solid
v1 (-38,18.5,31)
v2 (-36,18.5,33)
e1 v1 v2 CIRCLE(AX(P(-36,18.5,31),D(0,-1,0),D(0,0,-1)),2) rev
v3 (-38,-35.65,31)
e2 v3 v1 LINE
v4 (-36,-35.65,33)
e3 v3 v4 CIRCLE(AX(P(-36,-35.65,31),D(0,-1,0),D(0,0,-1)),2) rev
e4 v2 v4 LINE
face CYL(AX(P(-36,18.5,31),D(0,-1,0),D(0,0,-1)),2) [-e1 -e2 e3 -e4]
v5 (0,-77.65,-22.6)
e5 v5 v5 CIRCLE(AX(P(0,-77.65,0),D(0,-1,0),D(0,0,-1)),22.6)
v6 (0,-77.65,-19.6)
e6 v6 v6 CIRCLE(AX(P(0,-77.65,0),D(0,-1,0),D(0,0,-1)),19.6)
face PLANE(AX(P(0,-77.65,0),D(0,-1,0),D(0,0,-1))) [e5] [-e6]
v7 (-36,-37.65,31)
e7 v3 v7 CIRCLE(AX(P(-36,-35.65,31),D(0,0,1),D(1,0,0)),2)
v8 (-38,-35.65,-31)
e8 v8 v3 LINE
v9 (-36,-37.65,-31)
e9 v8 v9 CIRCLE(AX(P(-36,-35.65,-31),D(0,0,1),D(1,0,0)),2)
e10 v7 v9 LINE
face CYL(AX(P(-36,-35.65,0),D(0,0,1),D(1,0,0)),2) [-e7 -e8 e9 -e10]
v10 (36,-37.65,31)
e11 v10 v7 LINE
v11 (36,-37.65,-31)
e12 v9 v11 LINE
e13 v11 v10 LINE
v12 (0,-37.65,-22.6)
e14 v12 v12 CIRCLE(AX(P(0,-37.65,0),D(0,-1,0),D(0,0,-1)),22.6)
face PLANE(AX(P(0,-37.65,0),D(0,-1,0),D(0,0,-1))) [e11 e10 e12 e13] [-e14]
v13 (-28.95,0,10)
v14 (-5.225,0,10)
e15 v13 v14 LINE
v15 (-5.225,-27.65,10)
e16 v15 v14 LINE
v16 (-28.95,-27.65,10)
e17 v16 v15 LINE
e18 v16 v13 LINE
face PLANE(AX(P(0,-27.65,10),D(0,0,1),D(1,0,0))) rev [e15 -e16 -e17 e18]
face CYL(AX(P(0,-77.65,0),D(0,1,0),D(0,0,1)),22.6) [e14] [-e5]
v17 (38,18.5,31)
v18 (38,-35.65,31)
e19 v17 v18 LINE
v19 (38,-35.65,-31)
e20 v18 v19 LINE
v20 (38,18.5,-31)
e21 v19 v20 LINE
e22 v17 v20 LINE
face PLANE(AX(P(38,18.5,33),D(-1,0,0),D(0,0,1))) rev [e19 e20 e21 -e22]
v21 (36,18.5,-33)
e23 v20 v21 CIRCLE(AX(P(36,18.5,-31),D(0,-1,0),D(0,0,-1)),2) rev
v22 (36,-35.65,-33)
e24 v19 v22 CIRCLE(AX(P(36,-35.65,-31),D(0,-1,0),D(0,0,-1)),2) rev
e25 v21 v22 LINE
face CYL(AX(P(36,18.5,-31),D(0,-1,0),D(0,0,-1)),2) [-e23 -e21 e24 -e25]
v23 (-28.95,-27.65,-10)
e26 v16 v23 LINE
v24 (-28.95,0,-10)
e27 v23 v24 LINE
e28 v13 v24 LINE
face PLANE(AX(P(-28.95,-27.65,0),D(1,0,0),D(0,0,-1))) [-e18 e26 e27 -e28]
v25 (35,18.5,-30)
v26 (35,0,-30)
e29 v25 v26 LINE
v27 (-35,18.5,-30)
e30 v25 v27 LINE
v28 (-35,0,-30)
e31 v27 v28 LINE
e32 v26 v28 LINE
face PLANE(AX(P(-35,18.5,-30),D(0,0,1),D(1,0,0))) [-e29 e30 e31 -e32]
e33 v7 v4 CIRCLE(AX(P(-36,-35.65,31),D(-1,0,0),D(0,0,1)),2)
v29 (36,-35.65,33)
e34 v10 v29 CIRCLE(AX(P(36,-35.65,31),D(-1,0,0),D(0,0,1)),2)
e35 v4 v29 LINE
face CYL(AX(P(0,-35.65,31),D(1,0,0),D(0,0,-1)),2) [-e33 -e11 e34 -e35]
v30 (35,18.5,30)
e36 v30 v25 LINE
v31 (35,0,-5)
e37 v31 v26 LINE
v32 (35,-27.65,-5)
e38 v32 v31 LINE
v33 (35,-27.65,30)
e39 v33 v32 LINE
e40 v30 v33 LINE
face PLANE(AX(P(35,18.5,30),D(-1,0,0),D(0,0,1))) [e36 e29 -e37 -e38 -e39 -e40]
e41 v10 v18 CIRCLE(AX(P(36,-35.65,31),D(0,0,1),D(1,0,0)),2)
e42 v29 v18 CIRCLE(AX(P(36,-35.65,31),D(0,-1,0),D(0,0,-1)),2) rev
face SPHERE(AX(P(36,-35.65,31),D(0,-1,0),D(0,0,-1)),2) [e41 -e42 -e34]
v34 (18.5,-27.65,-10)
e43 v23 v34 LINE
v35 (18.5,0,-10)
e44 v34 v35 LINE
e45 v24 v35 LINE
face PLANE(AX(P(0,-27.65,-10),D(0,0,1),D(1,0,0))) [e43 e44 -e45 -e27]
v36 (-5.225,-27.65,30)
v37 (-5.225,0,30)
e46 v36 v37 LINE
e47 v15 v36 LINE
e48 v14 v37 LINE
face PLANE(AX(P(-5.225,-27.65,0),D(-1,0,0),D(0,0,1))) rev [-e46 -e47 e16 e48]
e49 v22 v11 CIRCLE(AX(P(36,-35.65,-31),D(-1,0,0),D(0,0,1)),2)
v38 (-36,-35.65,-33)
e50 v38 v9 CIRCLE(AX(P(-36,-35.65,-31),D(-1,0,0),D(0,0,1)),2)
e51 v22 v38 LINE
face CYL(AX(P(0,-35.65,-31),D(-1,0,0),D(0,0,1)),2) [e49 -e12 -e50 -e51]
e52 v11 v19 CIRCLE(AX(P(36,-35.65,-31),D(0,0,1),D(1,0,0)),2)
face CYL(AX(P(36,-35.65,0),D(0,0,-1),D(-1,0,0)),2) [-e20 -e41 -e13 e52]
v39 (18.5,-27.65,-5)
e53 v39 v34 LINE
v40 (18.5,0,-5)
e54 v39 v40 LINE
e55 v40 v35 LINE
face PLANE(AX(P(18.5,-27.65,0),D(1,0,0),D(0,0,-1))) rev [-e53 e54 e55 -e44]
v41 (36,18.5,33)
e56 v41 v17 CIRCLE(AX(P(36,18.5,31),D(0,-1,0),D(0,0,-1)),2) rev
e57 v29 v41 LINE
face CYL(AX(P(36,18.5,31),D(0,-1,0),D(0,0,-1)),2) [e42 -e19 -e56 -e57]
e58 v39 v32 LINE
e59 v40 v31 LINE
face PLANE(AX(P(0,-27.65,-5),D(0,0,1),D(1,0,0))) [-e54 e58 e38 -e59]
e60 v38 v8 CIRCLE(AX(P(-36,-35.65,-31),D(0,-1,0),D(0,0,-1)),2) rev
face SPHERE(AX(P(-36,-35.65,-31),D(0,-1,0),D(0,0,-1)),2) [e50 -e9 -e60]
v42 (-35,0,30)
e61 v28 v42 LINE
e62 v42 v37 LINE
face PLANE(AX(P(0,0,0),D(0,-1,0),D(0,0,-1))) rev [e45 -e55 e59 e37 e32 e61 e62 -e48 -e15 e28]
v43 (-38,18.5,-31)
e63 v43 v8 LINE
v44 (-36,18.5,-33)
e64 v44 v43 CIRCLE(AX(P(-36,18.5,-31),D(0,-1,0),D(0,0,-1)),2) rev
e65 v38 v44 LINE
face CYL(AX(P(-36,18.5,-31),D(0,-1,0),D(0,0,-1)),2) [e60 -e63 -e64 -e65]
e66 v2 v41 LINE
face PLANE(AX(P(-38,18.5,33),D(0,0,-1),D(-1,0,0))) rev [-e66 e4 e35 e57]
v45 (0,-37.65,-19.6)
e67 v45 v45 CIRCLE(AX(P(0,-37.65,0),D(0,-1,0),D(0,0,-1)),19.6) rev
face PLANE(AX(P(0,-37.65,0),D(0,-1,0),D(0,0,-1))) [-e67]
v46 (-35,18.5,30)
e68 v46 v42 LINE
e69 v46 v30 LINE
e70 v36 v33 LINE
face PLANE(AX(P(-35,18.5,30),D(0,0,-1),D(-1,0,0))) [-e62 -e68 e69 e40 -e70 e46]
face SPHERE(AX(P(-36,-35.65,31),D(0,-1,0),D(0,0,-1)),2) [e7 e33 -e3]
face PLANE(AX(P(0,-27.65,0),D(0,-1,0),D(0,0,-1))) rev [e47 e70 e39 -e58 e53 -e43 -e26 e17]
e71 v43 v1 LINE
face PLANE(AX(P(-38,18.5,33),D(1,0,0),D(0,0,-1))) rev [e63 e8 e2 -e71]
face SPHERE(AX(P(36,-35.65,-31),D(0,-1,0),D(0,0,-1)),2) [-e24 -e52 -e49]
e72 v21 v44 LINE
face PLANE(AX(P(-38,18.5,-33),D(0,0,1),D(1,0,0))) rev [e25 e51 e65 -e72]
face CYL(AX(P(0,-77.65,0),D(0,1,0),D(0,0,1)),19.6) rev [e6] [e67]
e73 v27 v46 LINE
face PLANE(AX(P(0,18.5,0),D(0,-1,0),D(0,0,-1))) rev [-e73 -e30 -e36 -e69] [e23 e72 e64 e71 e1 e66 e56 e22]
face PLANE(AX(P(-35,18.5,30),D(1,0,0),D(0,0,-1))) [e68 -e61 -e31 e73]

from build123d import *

# Parameters (mm, degrees)
SKETCH1_W           = 76
SKETCH1_H           = 66
SKETCH1_W_2         = 70
SKETCH1_H_2         = 60
BOSS_EXTRUDE1_DEPTH = 18.5
SKETCH2_W           = 76
SKETCH2_H           = 66
SKETCH2_W_2         = 70
SKETCH2_H_2         = 60
BOSS_EXTRUDE2_DEPTH = 27.65
SKETCH4_W           = 76
SKETCH4_H           = 66
BOSS_EXTRUDE3_DEPTH = 10
SKETCH5_R           = 22.6
SKETCH5_R_2         = 19.6
BOSS_EXTRUDE4_DEPTH = 40
FILLET1_R           = 2
FILLET2_R           = 2


with BuildPart() as part:
    # Sketch1 → Boss-Extrude1 (new body)
    with BuildSketch(Plane(origin=(0, 0, 0), x_dir=(1, 0, 0), z_dir=(0, 1, 0))):
        Rectangle(SKETCH1_W, SKETCH1_H)
        Rectangle(SKETCH1_W_2, SKETCH1_H_2, mode=Mode.SUBTRACT)
    extrude(amount=BOSS_EXTRUDE1_DEPTH)

    # Sketch2 → Boss-Extrude2 (add)
    # profile 1 of 2: a face of its own
    with BuildSketch(Plane.XZ):
        Rectangle(SKETCH2_W, SKETCH2_H)
        Rectangle(SKETCH2_W_2, SKETCH2_H_2, mode=Mode.SUBTRACT)
    # profile 2 of 2: a face of its own
    with BuildSketch(Plane.XZ):
        Polygon((-28.95, 10), (-5.225, 10), (-5.225, 30), (-35, 30), (-35, -30), (35, -30), (35, -5), (18.5, -5), (18.5, -10), (-28.95, -10), align=None)
    extrude(amount=BOSS_EXTRUDE2_DEPTH)

    # Sketch4 → Boss-Extrude3 (add)
    with BuildSketch(Plane.XZ.offset(27.65)):
        Rectangle(SKETCH4_W, SKETCH4_H)
    extrude(amount=BOSS_EXTRUDE3_DEPTH)

    # Sketch5 → Boss-Extrude4 (add)
    with BuildSketch(Plane.XZ.offset(37.65)):
        with Locations(Location((0, 0, 0), (0, 0, 270))):
            Circle(SKETCH5_R)
        with Locations(Location((0, 0, 0), (0, 0, 270))):
            Circle(SKETCH5_R_2, mode=Mode.SUBTRACT)
    extrude(amount=BOSS_EXTRUDE4_DEPTH)

    # Fillet1
    fillet1_edges = [part.edges().sort_by_distance(p)[0] for p in [
        (38, -9.575, 33),
        (-38, -9.575, 33),
        (-38, -9.575, -33),
        (38, -9.575, -33),
    ]]
    fillet(fillet1_edges, radius=FILLET1_R)

    # Fillet2
    fillet2_edges = [part.edges().sort_by_distance(p)[0] for p in [
        (0, -37.65, -33),
        (38, -37.65, 0),
        (0, -37.65, 33),
        (-38, -37.65, 0),
        (-37.414213562, -37.65, 32.414213562),
        (37.414213562, -37.65, 32.414213562),
        (-37.414213562, -37.65, -32.414213562),
        (37.414213562, -37.65, -32.414213562),
    ]]
    fillet(fillet2_edges, radius=FILLET2_R)


solid = part.part
